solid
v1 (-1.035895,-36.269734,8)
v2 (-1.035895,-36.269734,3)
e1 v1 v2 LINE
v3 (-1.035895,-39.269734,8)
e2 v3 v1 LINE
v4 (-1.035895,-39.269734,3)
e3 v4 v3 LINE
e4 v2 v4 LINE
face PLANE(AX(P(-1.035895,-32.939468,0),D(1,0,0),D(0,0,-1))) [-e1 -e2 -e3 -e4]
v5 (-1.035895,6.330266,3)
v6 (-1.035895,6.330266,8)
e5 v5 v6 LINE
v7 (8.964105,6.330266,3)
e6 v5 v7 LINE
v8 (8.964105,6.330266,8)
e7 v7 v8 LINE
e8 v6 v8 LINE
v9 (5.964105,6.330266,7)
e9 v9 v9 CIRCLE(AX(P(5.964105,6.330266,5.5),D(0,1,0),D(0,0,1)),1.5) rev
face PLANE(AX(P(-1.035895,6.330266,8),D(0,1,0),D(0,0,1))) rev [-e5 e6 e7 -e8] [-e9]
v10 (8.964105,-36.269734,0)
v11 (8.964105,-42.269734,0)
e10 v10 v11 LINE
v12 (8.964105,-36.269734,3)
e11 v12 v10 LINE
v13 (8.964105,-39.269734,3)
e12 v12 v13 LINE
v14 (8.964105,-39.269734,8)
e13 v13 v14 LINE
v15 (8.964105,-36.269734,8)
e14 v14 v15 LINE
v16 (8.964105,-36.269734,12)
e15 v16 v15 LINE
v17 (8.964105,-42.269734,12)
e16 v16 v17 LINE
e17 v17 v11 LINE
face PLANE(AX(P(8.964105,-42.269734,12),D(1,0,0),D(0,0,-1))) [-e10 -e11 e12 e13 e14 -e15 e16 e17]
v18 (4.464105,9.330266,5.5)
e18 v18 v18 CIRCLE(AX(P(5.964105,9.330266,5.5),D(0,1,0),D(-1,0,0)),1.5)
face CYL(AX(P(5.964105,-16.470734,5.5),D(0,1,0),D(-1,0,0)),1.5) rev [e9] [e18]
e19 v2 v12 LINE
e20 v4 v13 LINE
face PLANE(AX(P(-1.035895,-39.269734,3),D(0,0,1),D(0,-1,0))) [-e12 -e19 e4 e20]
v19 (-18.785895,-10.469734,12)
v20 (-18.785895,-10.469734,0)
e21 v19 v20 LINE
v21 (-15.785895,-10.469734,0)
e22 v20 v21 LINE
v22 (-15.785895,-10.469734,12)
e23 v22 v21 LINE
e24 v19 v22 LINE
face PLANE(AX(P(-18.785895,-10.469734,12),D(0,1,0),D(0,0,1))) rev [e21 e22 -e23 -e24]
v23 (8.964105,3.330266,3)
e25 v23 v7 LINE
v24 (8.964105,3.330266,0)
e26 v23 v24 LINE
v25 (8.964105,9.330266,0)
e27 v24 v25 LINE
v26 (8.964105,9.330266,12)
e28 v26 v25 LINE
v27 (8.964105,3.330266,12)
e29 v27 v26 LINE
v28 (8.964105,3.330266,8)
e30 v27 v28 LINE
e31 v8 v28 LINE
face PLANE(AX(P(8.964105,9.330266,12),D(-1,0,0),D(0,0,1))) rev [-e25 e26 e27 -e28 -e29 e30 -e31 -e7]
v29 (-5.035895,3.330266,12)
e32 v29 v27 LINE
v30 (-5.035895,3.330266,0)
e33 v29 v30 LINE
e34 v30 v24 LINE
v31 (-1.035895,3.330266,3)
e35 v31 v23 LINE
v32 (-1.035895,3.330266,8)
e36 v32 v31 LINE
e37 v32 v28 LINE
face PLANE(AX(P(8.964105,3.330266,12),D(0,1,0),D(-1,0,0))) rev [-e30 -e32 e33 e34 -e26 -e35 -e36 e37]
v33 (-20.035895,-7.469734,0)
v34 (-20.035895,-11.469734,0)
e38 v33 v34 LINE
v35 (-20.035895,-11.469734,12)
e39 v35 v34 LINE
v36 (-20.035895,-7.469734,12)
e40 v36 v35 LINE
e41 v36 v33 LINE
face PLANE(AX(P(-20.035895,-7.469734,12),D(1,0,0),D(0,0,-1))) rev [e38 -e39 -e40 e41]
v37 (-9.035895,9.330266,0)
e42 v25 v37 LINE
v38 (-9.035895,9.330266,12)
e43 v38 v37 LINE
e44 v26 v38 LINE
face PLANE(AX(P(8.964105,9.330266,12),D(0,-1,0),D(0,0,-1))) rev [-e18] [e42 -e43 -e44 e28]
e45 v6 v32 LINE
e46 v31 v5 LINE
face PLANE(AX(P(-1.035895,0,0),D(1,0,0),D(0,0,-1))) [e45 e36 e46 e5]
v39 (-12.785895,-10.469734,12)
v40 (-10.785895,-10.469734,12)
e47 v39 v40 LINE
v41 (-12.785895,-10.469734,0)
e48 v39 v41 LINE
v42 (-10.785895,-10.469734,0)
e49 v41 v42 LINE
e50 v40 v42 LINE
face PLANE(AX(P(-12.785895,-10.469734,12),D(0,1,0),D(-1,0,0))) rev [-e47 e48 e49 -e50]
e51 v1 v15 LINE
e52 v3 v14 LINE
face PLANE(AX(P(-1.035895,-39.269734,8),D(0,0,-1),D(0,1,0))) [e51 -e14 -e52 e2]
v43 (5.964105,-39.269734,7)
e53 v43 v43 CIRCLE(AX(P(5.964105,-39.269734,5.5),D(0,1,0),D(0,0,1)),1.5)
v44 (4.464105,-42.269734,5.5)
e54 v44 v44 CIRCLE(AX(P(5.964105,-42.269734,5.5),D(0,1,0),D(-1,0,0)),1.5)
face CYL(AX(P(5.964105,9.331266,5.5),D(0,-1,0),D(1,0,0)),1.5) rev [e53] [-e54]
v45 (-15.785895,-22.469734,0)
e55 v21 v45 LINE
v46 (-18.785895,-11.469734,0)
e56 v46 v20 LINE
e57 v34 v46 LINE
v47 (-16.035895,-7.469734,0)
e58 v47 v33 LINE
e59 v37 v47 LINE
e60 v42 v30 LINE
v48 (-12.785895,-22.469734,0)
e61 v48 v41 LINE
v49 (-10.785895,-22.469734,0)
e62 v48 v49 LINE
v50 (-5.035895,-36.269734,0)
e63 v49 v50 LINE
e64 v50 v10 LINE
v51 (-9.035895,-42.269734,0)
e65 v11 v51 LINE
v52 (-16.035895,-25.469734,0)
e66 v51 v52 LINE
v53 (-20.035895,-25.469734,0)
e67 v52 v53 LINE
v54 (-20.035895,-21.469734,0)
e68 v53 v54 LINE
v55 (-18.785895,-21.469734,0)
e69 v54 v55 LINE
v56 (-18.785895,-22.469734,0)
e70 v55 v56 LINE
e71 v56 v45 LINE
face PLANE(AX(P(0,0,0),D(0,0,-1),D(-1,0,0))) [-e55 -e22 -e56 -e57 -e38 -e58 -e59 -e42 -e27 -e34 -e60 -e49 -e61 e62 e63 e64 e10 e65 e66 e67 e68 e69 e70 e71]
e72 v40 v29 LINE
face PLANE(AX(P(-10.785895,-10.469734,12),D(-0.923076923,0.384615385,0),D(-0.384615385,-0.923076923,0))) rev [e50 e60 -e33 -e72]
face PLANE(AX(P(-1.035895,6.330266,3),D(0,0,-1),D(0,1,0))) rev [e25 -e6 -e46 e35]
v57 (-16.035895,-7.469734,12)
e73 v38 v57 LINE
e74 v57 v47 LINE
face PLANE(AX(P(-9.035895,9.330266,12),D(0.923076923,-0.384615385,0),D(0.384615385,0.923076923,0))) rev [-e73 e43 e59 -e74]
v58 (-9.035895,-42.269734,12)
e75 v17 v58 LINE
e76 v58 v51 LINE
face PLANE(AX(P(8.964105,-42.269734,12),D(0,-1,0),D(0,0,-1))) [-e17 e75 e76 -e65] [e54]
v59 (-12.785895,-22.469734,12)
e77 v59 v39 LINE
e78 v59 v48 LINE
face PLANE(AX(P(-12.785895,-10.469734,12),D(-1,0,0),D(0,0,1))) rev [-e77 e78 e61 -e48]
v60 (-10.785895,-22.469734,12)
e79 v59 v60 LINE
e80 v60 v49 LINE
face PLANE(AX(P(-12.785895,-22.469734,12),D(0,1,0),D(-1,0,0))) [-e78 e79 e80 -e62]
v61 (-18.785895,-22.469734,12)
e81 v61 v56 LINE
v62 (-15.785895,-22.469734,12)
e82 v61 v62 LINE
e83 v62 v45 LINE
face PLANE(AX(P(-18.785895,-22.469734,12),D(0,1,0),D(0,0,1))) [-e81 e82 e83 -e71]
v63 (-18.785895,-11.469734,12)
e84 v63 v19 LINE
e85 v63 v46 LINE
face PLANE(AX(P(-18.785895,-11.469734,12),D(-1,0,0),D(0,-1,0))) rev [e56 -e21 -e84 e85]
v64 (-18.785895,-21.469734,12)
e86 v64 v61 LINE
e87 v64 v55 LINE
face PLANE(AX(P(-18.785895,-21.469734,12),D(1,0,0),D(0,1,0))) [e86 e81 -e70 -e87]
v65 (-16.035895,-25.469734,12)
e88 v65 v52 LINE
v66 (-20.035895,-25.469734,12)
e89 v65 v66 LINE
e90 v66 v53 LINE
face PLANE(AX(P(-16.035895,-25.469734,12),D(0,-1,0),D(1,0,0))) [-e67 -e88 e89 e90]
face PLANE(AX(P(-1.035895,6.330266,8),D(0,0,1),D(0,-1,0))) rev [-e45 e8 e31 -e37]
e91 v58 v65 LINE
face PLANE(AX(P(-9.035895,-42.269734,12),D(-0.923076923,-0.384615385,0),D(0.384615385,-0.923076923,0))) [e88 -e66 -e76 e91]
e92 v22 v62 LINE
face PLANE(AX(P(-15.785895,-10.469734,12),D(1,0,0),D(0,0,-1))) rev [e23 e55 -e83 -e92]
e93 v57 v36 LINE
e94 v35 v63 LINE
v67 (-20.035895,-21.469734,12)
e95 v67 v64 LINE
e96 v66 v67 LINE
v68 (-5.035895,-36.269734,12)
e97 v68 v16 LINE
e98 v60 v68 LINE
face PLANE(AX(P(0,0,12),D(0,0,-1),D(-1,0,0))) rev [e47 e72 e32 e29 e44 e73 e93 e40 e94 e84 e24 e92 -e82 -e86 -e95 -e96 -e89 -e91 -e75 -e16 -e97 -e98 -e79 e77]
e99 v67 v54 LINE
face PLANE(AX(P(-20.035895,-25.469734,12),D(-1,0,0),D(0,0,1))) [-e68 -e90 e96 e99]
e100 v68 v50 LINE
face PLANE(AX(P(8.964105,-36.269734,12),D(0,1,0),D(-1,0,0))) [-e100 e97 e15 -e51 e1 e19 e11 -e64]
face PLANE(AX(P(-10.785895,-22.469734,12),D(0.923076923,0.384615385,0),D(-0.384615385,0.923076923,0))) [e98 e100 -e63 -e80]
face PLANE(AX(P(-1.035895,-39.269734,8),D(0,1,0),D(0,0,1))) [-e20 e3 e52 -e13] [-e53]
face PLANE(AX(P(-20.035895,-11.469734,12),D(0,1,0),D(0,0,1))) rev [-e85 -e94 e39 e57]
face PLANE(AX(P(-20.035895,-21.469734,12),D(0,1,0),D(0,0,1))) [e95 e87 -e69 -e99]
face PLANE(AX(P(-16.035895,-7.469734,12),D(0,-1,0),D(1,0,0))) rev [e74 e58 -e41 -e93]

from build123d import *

# Parameters (mm, degrees)
BOSS_EXTRUDE1_DEPTH = 12
SKETCH2_W           = 5
SKETCH2_H           = 3
CUT_EXTRUDE1_DEPTH  = 10
CUT_EXTRUDE2_REACH  = 36.801
SKETCH3_R           = 1.5


with BuildPart() as part:
    # Sketch1 → Boss-Extrude1 (new body)
    with BuildSketch(Plane.XY):
        Polygon((-9.035894855, 9.330266172), (-16.035894855, -7.469733828), (-20.035894855, -7.469733828), (-20.035894855, -11.469733828), (-18.785894855, -11.469733828), (-18.785894855, -10.469733828), (-15.785894855, -10.469733828), (-15.785894855, -16.469733828), (-12.785894855, -16.469733828), (-12.785894855, -10.469733828), (-10.785894855, -10.469733828), (-5.035894855, 3.330266172), (8.964105145, 3.330266172), (8.964105145, 9.330266172), align=None)
    boss_extrude1 = extrude(amount=BOSS_EXTRUDE1_DEPTH)

    # Sketch2 → Cut-Extrude1 (cut)
    with BuildSketch(Plane(origin=(8.964105145, 0, 0), x_dir=(0, 0, -1), z_dir=(1, 0, 0))):
        with Locations((-5.5, 4.830266172)):
            Rectangle(SKETCH2_W, SKETCH2_H)
    cut_extrude1 = extrude(amount=-CUT_EXTRUDE1_DEPTH, mode=Mode.SUBTRACT)

    # Sketch3 → Cut-Extrude2 (cut, up to next)
    with BuildSketch(Plane(origin=(0, 9.330266172, 0), x_dir=(1, 0, 0), z_dir=(0, 1, 0)), mode=Mode.PRIVATE) as cut_extrude2_sk1:
        with Locations(Location((5.964105145, -5.5, 0), (0, 0, 180))):
            Circle(SKETCH3_R)
    cut_extrude2_tool1 = extrude(cut_extrude2_sk1.sketch, amount=-CUT_EXTRUDE2_REACH, mode=Mode.PRIVATE) & part.part
    cut_extrude2 = cut_extrude2_tool1.solids().sort_by_distance((5.964105, 9.330266, 5.5))[0]
    add(cut_extrude2, mode=Mode.SUBTRACT)

    # Mirror1: Boss-Extrude1, Cut-Extrude1, Cut-Extrude2 across plane
    add(boss_extrude1.mirror(Plane(origin=(-15.785894855, -16.469733828, 12), x_dir=(0, 0, 1), z_dir=(0, 1, 0))))
    add(cut_extrude1.mirror(Plane(origin=(-15.785894855, -16.469733828, 12), x_dir=(0, 0, 1), z_dir=(0, 1, 0))), mode=Mode.SUBTRACT)
    add(cut_extrude2.mirror(Plane(origin=(-15.785894855, -16.469733828, 12), x_dir=(0, 0, 1), z_dir=(0, 1, 0))), mode=Mode.SUBTRACT)


solid = part.part
